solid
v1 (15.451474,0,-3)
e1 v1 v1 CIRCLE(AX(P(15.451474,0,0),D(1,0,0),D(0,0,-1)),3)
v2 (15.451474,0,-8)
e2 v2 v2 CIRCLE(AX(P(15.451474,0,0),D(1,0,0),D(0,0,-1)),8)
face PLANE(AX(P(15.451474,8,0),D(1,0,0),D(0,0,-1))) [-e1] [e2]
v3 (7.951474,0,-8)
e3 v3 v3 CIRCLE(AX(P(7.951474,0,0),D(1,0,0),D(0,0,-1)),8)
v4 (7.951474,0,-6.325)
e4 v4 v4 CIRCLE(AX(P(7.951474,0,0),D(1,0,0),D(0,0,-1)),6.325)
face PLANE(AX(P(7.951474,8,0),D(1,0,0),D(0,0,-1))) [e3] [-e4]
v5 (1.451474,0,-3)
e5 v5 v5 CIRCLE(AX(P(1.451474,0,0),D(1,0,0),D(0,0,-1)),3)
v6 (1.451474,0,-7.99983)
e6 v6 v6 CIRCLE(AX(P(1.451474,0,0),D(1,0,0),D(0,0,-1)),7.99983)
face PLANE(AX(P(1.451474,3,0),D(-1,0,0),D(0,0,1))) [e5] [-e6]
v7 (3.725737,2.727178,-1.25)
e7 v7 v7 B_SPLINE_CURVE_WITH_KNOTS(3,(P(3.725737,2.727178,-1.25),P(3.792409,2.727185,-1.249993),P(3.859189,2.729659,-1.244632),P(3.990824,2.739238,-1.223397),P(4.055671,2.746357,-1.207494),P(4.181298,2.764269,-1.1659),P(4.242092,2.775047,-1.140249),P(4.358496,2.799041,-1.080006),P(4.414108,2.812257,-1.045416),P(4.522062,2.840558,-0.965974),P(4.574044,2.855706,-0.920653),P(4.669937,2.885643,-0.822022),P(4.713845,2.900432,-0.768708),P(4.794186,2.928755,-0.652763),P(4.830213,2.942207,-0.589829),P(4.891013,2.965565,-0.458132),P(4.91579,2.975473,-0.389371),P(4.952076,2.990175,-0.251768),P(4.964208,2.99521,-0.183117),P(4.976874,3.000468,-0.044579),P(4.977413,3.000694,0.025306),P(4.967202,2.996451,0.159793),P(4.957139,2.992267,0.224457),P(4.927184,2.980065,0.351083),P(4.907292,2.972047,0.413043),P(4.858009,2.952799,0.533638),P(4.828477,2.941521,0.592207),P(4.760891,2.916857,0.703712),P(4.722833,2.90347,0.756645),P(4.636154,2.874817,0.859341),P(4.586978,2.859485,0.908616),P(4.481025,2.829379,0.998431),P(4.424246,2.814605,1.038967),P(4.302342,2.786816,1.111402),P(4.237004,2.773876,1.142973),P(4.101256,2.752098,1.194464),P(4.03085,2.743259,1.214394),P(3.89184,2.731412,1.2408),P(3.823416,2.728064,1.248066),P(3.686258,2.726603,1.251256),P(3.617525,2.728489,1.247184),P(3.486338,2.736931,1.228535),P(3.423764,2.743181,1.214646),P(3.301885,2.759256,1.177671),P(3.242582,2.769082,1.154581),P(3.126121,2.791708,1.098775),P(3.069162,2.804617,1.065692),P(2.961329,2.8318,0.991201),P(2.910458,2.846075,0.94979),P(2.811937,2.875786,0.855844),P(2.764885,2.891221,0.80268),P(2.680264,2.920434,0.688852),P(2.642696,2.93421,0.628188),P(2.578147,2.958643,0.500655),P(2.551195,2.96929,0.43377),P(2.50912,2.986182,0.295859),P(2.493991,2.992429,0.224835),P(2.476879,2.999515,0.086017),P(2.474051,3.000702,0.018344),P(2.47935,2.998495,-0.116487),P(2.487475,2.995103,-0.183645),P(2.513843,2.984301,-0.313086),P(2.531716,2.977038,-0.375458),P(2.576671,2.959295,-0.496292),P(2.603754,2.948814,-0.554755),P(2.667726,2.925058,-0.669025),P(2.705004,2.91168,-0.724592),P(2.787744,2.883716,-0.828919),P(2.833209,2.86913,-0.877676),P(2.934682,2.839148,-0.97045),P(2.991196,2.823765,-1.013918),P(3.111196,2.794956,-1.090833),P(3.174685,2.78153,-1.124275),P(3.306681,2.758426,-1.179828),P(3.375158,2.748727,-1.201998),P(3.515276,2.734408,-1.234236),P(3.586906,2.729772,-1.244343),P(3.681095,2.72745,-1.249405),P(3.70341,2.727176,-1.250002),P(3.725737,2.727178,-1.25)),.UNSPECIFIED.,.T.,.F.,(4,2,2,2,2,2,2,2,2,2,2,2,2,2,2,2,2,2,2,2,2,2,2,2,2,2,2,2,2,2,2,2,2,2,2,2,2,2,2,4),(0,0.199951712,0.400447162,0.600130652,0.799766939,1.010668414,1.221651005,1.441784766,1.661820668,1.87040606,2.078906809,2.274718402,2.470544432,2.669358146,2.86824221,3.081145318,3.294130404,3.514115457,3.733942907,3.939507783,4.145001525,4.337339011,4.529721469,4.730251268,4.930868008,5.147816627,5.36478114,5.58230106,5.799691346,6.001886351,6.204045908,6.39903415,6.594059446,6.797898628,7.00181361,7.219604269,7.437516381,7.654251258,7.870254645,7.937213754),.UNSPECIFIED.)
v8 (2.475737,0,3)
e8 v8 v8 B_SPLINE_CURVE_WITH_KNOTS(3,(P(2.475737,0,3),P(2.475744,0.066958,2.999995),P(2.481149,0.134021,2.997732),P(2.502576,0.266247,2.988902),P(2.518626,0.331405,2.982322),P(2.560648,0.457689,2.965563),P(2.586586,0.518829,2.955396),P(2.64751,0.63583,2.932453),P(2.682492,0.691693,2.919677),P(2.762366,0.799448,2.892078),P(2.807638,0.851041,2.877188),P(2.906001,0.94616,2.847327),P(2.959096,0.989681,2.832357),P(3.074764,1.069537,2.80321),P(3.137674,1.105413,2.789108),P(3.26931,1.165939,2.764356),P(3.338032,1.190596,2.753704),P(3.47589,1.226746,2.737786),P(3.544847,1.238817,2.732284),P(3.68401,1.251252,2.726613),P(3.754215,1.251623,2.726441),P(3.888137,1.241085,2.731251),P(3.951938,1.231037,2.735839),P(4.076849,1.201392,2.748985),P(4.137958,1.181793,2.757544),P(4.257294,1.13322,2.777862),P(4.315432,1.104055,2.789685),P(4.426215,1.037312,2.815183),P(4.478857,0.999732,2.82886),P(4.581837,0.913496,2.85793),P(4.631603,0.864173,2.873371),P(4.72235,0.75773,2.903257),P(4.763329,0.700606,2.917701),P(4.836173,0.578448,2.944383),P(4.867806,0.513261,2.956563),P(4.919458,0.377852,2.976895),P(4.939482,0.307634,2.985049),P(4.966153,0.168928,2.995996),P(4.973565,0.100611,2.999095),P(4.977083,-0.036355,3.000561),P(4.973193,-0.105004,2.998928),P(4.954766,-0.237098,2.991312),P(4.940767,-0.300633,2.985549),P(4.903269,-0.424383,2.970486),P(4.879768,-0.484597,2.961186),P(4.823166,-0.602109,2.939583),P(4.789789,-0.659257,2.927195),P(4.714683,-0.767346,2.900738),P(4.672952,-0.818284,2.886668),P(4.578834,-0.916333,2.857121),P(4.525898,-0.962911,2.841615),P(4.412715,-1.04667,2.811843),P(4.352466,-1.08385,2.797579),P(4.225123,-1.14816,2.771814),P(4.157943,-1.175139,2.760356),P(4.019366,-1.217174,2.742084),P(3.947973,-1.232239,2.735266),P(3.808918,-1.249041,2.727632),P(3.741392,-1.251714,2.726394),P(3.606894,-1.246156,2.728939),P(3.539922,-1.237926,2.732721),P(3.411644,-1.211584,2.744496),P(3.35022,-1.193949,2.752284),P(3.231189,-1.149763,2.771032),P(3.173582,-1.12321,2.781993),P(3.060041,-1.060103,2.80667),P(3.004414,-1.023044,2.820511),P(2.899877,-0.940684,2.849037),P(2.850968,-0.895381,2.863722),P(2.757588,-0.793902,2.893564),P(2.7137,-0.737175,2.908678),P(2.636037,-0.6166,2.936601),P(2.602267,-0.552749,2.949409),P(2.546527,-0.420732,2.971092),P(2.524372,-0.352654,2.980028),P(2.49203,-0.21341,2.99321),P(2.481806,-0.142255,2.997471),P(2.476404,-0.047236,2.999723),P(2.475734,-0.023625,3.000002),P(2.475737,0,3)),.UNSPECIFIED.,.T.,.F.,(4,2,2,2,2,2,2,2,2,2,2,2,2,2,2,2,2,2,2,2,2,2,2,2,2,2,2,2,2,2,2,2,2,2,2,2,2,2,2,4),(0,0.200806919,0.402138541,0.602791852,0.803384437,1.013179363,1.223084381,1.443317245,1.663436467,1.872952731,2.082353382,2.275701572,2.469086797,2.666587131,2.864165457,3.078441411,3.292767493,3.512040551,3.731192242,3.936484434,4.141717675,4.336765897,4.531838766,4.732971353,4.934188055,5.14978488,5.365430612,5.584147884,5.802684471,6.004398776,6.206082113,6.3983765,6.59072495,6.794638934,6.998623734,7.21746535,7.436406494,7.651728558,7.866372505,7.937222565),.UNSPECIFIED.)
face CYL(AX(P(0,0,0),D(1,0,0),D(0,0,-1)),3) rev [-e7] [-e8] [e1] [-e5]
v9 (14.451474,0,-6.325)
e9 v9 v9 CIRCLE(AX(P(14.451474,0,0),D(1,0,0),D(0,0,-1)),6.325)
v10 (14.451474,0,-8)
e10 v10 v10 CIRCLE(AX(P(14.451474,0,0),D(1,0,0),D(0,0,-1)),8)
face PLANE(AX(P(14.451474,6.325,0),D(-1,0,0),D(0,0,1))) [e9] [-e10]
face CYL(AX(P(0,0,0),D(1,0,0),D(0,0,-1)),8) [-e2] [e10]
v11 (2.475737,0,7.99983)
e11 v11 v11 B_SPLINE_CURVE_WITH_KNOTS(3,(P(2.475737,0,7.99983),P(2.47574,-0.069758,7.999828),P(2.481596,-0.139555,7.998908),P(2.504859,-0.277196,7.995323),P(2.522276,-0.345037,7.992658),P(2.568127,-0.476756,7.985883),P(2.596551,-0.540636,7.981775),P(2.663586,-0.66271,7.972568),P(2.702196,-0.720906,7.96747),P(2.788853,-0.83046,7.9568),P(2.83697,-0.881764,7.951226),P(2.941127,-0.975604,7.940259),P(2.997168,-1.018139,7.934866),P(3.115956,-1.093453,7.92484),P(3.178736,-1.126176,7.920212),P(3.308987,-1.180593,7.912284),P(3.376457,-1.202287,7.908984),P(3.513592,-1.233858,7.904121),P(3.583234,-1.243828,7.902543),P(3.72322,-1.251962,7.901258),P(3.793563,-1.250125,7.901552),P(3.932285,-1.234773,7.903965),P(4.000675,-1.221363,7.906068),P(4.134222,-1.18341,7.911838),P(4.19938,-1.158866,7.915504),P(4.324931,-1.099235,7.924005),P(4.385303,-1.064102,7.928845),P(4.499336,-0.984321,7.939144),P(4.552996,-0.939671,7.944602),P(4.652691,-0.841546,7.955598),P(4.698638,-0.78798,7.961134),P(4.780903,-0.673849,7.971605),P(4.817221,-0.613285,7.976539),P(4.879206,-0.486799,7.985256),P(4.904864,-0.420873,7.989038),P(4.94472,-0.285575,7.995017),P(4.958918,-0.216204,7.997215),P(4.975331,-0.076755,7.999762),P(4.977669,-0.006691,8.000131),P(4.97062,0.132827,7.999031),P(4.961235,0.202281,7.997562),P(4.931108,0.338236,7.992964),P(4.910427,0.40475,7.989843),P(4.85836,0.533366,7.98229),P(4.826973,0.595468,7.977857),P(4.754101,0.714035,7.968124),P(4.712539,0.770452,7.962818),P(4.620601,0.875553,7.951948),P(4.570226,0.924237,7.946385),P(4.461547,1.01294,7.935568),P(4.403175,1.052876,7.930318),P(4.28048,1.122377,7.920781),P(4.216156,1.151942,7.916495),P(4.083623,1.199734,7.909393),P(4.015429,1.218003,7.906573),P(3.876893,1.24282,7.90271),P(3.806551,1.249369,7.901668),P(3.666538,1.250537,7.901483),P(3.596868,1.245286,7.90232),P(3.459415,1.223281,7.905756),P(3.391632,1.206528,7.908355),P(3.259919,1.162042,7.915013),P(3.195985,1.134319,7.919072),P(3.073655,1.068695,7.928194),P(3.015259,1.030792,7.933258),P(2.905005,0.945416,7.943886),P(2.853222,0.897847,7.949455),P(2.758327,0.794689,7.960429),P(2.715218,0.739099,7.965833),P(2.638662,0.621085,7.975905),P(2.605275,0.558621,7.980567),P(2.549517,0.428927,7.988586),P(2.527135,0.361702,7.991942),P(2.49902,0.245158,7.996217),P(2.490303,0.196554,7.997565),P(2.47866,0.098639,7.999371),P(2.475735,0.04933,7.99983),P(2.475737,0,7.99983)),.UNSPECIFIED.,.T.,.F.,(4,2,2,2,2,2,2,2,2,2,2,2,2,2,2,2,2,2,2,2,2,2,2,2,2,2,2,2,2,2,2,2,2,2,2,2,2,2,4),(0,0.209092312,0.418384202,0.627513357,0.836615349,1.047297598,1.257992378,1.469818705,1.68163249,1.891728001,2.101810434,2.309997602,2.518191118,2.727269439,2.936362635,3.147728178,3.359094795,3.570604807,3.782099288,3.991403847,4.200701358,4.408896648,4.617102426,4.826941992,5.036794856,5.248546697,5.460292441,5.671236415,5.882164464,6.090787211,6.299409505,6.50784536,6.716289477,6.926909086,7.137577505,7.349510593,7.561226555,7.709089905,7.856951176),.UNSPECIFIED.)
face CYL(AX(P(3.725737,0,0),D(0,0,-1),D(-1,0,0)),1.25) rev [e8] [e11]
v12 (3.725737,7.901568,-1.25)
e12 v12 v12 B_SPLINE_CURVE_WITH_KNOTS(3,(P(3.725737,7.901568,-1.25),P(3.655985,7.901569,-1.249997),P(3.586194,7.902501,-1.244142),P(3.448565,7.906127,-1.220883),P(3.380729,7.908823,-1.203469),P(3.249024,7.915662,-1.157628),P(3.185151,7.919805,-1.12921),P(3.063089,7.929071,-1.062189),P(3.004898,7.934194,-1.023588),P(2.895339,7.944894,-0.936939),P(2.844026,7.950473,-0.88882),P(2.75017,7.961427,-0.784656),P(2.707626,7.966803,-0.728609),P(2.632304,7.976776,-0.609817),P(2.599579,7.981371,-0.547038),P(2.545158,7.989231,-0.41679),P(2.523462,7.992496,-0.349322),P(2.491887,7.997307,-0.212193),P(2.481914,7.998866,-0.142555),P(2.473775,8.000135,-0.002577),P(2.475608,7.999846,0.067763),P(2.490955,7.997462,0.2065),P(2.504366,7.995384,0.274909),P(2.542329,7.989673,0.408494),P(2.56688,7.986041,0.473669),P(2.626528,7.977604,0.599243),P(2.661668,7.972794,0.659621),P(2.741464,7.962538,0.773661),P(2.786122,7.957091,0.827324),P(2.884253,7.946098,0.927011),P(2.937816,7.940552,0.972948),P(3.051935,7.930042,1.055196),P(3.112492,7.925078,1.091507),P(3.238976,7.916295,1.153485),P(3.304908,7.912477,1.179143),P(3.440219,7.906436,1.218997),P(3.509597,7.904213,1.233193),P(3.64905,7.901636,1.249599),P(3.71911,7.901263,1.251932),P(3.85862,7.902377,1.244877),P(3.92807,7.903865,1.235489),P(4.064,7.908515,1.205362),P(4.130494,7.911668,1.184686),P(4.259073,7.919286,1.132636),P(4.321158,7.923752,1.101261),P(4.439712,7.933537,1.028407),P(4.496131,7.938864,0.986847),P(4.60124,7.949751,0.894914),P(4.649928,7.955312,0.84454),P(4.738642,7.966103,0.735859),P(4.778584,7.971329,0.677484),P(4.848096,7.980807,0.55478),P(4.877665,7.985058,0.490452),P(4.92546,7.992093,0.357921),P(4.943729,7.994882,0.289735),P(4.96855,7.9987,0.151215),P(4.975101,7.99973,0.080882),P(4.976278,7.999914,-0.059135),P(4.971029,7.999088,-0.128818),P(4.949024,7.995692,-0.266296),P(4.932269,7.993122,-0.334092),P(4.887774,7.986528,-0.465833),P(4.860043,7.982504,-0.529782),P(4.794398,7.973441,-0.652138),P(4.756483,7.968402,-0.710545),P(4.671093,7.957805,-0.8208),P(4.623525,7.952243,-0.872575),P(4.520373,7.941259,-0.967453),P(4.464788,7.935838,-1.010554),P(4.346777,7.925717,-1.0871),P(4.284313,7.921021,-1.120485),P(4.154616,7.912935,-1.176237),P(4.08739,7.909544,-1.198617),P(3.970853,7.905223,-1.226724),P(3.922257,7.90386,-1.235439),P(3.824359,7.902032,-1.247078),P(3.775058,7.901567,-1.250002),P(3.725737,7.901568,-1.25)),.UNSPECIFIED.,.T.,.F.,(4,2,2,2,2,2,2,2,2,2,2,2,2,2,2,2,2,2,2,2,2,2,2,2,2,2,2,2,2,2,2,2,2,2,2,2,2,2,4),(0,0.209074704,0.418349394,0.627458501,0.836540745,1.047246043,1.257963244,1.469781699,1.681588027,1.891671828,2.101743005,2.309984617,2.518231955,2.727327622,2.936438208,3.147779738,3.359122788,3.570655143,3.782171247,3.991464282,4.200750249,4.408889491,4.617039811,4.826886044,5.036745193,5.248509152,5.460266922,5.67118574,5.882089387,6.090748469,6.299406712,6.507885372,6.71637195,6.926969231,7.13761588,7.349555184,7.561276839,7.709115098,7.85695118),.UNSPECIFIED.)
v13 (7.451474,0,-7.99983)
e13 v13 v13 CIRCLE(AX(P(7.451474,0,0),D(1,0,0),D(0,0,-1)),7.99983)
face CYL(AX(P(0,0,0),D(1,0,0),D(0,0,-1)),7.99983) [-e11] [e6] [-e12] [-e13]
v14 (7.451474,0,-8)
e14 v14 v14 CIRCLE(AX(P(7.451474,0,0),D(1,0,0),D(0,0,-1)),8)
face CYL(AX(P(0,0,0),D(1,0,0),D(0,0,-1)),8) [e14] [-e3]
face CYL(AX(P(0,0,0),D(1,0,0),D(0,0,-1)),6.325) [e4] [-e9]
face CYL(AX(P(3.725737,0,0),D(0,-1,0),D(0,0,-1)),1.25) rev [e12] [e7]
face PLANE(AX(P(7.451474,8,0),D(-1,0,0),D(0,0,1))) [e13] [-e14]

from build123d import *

# Parameters (mm, degrees)
SKETCH2_W = 1.25
SKETCH2_H = 8
SKETCH4_W = 1.25
SKETCH4_H = 8


with BuildPart() as part:
    # Sketch1 → Revolve1 (revolve)
    with BuildSketch(Plane.XY):
        Polygon((1.451473536, 3), (1.451473536, 7.999829628), (7.451473536, 8), (7.951473536, 8), (7.951473536, 6.325), (14.451473536, 6.325), (14.451473536, 8), (15.451473536, 8), (15.451473536, 3), align=None)
    revolve(axis=Axis((0, 0, 0), (-1, 0, 0)))

    # Sketch2 → M3x0.5 Tapped Hole1 (revolve, cut)
    with BuildSketch(Plane(origin=(3.725736768, 0, 0), x_dir=(0, 0, -1), z_dir=(1, 0, 0))):
        with Locations((0.625, 4)):
            Rectangle(SKETCH2_W, SKETCH2_H)
    revolve(axis=Axis((3.725736768, -6.35, 0), (0, 1, 0)), mode=Mode.SUBTRACT)

    # Sketch4 → M3x0.5 Tapped Hole2 (revolve, cut)
    with BuildSketch(Plane.YZ.offset(3.725736768)):
        with Locations((0.625, 4)):
            Rectangle(SKETCH4_W, SKETCH4_H)
    revolve(axis=Axis((3.725736768, 0, -6.35), (0, 0, 1)), mode=Mode.SUBTRACT)


solid = part.part
